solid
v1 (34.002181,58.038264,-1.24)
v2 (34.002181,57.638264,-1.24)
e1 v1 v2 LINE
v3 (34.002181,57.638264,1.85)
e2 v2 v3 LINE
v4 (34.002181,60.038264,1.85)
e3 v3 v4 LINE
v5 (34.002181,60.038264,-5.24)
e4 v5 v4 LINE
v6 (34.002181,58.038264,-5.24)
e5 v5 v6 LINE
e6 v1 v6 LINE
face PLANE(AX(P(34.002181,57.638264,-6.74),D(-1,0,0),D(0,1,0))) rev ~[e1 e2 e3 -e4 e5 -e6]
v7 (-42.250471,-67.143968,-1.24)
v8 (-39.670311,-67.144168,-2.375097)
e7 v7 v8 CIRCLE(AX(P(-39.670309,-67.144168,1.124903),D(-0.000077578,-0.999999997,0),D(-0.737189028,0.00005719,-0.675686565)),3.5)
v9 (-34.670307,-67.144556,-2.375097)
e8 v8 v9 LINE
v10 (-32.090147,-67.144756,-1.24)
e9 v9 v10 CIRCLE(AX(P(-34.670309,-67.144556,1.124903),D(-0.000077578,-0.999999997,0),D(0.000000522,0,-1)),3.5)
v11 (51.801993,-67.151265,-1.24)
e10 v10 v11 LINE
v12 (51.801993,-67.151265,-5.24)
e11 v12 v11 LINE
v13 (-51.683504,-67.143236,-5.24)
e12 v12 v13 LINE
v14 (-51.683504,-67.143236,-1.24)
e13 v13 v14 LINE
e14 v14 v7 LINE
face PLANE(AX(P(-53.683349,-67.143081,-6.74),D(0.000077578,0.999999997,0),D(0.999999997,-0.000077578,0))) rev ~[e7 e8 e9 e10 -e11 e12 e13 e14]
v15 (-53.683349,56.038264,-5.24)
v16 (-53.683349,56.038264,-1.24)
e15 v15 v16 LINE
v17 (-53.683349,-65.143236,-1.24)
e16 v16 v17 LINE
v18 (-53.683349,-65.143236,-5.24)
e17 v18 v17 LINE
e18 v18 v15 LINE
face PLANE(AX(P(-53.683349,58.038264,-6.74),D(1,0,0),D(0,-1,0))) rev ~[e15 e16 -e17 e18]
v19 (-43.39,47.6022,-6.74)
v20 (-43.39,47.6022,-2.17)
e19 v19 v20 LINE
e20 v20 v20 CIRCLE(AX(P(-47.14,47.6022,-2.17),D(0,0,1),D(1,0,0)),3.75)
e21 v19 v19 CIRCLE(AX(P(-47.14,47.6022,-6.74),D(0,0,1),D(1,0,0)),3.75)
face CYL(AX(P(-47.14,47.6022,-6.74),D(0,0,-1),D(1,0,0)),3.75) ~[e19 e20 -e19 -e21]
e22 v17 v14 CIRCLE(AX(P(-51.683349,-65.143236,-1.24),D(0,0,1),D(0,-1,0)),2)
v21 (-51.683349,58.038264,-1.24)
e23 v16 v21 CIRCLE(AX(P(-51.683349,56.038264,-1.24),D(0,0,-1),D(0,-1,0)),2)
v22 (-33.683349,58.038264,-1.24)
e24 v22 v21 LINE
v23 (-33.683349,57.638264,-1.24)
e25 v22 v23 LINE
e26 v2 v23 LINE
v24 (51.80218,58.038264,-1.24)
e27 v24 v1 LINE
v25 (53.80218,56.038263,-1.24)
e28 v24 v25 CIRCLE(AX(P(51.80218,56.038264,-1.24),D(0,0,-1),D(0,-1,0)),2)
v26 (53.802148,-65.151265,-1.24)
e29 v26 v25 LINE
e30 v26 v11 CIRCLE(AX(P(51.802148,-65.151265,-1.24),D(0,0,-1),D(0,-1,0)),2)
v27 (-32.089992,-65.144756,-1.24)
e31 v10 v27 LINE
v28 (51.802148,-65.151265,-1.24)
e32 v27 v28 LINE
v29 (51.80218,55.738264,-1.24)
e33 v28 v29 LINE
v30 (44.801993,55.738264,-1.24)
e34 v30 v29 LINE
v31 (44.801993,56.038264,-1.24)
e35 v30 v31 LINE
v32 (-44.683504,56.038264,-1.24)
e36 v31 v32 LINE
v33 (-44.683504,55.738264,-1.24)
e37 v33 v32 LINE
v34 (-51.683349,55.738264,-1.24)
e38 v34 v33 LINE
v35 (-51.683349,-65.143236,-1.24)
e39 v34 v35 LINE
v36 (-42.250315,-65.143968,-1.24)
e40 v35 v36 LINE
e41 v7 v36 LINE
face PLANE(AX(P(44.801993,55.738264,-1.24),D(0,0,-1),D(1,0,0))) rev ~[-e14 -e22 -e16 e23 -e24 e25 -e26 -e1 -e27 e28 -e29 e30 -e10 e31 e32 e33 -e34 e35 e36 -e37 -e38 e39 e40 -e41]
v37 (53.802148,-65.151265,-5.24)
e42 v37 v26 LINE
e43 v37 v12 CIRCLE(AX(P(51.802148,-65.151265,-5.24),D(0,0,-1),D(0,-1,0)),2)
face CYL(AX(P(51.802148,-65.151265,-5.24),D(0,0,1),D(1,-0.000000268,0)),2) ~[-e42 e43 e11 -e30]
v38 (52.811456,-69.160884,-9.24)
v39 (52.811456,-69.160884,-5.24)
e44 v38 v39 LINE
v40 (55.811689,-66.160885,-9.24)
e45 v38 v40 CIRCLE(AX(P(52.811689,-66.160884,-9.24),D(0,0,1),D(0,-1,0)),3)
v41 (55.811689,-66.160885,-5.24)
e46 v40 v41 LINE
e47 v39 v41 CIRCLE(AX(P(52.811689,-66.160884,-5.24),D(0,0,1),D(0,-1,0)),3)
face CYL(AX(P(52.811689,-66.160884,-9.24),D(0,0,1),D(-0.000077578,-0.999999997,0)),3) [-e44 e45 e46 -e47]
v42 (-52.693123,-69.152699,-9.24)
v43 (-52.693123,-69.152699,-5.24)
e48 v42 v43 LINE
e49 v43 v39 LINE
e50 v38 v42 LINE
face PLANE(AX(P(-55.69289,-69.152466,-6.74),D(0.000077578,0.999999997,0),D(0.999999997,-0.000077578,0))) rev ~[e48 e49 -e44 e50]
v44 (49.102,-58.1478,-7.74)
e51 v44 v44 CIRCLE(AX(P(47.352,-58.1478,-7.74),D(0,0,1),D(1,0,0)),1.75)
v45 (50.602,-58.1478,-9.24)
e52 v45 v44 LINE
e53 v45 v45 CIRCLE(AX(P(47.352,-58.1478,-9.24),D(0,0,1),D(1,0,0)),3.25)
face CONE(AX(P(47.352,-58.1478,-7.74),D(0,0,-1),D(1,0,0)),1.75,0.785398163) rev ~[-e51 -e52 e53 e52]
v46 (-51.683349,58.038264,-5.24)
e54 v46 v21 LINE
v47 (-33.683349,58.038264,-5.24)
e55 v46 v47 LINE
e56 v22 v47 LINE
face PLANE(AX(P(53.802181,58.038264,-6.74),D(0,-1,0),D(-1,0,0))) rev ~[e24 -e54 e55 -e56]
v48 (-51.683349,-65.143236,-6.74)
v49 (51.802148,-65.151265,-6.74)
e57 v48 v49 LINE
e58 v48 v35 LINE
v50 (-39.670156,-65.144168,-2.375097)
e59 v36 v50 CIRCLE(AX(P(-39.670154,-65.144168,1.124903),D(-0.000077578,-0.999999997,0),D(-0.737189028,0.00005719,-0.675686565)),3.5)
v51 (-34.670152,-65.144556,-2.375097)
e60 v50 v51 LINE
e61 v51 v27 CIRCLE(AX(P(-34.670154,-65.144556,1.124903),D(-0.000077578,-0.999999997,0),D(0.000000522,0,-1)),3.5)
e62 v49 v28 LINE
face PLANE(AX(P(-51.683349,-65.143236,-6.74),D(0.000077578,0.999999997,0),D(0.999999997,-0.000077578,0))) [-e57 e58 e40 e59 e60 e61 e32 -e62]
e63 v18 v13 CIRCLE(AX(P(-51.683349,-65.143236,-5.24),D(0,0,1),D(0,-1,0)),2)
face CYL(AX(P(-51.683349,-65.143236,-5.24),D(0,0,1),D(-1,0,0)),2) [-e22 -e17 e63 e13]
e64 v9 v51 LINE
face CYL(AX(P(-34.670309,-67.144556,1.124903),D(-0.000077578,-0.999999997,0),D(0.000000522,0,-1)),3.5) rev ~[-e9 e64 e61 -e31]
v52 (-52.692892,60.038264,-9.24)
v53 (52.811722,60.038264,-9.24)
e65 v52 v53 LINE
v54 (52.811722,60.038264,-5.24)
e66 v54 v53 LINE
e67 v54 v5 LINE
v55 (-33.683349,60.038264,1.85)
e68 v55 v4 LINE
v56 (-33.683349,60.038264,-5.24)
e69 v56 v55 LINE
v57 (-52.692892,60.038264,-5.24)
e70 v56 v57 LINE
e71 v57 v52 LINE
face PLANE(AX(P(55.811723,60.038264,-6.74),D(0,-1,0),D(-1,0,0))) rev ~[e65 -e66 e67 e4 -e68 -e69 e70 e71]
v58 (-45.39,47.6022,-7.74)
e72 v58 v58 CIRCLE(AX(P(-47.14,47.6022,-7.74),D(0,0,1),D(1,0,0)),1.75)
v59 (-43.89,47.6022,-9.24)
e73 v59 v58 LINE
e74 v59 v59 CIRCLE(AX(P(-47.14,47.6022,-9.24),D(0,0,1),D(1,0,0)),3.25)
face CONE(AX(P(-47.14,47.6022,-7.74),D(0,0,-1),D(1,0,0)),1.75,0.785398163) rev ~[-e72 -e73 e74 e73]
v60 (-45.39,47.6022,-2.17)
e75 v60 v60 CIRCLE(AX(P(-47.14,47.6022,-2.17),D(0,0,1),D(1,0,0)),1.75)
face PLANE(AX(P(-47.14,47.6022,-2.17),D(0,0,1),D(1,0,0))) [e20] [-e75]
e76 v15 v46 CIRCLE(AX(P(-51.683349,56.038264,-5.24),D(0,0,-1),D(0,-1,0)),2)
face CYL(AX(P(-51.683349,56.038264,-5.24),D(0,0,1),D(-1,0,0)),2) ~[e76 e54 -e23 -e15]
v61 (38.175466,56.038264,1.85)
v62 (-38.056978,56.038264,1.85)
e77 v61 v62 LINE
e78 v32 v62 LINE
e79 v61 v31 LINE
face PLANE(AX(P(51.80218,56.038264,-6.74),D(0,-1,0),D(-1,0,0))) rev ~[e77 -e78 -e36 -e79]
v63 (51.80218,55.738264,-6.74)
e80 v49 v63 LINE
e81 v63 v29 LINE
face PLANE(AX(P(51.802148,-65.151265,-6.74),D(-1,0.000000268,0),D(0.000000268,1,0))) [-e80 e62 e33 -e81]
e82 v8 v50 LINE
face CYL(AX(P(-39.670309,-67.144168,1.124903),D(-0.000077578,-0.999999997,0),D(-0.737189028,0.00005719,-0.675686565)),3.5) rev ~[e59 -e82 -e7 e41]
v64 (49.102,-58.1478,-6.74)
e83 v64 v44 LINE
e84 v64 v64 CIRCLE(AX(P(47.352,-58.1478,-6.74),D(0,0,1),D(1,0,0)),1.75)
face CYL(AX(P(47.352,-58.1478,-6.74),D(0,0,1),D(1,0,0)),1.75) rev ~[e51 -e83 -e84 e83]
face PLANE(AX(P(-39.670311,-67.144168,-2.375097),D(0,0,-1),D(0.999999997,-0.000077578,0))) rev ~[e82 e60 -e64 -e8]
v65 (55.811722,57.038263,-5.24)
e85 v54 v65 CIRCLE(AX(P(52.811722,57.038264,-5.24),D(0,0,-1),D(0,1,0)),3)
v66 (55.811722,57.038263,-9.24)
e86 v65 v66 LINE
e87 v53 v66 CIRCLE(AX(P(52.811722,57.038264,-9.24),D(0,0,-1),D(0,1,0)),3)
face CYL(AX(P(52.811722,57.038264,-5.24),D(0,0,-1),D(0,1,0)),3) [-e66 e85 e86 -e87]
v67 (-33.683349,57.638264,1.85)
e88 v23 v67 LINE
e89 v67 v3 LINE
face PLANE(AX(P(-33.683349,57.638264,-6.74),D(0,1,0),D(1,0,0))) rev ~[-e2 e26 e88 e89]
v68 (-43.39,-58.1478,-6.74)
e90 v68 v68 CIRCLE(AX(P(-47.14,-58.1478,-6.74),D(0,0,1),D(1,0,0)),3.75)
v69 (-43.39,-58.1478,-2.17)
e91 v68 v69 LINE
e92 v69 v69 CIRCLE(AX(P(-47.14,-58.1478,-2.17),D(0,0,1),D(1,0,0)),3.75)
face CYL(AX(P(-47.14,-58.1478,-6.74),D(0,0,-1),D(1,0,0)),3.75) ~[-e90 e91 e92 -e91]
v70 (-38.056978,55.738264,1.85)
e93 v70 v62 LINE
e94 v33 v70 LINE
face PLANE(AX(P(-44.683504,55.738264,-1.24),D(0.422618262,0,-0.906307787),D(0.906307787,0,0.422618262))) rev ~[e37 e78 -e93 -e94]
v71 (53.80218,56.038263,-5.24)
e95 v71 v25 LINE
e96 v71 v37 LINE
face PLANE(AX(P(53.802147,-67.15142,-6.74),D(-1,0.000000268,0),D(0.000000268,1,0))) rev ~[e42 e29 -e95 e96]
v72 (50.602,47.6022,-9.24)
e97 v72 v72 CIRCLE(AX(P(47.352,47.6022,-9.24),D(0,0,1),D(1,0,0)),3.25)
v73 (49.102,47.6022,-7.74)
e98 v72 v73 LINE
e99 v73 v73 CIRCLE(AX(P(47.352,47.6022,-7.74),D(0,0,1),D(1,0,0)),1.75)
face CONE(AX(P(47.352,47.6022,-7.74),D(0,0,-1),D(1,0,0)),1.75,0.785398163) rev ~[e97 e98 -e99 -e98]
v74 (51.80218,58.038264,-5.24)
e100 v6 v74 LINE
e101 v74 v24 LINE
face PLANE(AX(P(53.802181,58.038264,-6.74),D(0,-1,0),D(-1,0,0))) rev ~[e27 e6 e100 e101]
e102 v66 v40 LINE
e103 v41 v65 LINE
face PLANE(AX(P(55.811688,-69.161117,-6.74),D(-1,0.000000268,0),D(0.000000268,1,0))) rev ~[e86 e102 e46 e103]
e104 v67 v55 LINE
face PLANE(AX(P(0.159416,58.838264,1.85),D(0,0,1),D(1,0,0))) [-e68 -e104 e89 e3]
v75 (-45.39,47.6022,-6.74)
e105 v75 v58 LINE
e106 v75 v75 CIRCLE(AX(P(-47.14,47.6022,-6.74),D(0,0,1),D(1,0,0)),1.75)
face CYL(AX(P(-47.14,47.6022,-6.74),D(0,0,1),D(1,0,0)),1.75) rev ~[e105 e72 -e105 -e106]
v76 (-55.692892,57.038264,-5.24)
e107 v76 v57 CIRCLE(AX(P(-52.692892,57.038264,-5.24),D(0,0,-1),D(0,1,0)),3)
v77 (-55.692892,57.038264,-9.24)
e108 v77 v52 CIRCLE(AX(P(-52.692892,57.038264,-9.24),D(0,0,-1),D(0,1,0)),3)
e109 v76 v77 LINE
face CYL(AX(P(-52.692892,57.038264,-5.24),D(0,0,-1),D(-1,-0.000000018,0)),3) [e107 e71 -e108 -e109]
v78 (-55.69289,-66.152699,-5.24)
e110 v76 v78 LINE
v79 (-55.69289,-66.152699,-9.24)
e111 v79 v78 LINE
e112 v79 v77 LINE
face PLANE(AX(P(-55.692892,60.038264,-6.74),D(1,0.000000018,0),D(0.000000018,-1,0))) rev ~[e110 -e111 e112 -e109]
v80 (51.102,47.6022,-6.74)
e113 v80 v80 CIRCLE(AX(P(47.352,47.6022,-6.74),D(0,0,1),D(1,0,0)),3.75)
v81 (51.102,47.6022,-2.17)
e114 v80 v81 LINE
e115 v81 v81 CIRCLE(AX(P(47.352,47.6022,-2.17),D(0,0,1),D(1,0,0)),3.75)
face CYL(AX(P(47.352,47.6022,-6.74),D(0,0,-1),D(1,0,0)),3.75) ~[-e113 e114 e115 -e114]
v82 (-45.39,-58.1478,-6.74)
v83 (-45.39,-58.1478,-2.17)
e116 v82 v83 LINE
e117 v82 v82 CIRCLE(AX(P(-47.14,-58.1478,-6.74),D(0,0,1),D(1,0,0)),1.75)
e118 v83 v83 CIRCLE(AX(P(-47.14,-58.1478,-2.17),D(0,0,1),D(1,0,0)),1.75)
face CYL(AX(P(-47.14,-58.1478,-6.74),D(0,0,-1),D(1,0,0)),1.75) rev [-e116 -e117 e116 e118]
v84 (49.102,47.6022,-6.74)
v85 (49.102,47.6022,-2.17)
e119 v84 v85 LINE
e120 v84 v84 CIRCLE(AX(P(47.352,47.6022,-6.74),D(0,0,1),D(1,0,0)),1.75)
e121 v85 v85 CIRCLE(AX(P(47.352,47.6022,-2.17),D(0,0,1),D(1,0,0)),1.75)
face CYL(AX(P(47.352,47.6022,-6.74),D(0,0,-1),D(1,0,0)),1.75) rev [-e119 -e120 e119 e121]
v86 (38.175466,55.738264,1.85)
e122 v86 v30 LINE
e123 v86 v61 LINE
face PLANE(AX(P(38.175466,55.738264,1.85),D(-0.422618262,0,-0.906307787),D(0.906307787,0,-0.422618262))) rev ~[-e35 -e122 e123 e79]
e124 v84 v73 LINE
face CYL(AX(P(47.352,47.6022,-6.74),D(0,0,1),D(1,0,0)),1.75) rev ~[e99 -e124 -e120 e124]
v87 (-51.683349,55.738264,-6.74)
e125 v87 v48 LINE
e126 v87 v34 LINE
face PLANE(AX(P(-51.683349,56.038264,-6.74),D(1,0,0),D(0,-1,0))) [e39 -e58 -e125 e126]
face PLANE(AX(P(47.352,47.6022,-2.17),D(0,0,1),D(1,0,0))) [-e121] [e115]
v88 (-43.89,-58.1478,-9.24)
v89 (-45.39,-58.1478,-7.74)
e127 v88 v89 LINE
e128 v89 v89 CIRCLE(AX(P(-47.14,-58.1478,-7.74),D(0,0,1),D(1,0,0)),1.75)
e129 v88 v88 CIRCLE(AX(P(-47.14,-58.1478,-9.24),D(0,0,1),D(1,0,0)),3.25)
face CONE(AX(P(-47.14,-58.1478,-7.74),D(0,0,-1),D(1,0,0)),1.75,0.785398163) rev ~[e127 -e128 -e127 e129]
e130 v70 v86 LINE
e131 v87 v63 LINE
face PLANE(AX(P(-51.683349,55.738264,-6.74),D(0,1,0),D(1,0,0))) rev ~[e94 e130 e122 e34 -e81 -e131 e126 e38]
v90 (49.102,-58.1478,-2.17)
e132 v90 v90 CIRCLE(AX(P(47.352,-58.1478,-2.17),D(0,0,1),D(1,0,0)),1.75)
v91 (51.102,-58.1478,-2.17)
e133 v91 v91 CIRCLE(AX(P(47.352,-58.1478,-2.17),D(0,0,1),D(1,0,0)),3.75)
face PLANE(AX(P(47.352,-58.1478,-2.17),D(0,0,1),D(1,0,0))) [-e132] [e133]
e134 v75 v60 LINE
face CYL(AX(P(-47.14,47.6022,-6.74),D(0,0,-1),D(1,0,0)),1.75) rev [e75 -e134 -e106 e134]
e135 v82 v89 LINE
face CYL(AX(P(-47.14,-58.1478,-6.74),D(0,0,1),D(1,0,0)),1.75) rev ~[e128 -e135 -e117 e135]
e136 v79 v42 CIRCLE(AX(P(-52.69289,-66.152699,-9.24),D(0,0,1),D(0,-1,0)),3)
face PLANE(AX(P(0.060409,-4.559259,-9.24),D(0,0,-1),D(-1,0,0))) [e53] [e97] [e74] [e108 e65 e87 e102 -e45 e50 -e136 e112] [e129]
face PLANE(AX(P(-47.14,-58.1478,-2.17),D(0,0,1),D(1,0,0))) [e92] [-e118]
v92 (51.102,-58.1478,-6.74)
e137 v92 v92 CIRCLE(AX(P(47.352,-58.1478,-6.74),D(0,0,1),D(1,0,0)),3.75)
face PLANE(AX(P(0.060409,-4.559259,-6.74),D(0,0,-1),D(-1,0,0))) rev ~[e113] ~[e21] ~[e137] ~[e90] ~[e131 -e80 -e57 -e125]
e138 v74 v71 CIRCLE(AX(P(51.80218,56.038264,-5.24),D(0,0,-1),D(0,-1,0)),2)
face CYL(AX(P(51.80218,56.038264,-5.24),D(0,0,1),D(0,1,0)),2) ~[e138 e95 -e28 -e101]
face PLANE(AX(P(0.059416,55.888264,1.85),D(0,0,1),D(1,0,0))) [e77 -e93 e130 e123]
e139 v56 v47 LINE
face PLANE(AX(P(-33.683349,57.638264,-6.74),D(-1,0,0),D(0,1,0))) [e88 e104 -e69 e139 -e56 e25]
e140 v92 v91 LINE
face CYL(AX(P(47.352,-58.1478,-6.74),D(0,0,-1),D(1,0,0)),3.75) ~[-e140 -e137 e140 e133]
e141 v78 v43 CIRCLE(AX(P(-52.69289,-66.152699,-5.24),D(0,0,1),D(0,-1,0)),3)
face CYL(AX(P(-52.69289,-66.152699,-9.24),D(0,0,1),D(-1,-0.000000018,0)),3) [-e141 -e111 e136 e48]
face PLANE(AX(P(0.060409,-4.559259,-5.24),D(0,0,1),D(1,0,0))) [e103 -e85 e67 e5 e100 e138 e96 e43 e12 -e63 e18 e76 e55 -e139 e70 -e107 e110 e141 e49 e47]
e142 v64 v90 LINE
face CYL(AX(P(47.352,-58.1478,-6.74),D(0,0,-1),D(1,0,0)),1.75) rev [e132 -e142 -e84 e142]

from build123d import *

# Parameters (mm, degrees)
DODANIE_WYCI_GNI_CIE1_DEPTH      = 0.5
DODANIE_WYCI_GNI_CIE1_DEPTH_BACK = 2
DODANIE_WYCI_GNI_CIE2_DEPTH      = 5.5
DODANIE_WYCI_GNI_CIE3_DEPTH      = 1.5
ZAOKR_GLENIE1_R                  = 2
SZKIC6_W                         = 67.685530181
SZKIC6_H                         = 2.4
DODANIE_WYCI_GNI_CIE4_DEPTH      = 8.59
DODANIE_WYCI_GNI_CIE5_DEPTH      = 8.59
WYTNIJ_WYCI_GNI_CIE1_DEPTH       = 5.5
SZKIC13_R                        = 3.75
SZKIC13_R_2                      = 1.75
DODANIE_WYCI_GNI_CIE7_DEPTH      = 4.57
SZKIC13_3_R                      = 1.75
WYTNIJ_WYCI_GNI_CIE2_DEPTH       = 90.286037732
WYTNIJ_WYCI_GNI_CIE3_DEPTH       = 2
SFAZOWANIE1_SIZE                 = 1.5
ZAOKR_GLENIE2_R                  = 3


with BuildPart() as part:
    # Szkic3 → Dodanie-wyciągnięcie1 (new, two sides: drawn at the far end of the back side and taken through both)
    with BuildSketch(Plane(origin=(0, 0, -8.74), x_dir=(-1, 0, 0), z_dir=(0, 0, -1)).offset(-DODANIE_WYCI_GNI_CIE1_DEPTH_BACK)):
        Polygon((55.692889856, -69.15246634), (55.692892168, 60.038263946), (-55.811722529, 60.038263946), (-55.811687853, -69.161116694), align=None)
    extrude(amount=DODANIE_WYCI_GNI_CIE1_DEPTH + DODANIE_WYCI_GNI_CIE1_DEPTH_BACK)

    # Szkic4 → Dodanie-wyciągnięcie2 (add)
    with BuildSketch(Plane.XY.offset(-6.74)):
        Polygon((53.802147291, -67.151419689), (53.80218089, 58.038263946), (-53.683348754, 58.038263946), (-53.683348754, -67.143081129), align=None)
        Polygon((51.802147827, -65.151264526), (51.802180354, 56.038263946), (-51.683348754, 56.038263946), (-51.683348754, -65.14323628), align=None, mode=Mode.SUBTRACT)
    extrude(amount=DODANIE_WYCI_GNI_CIE2_DEPTH)

    # Szkic4<3> → Dodanie-wyciągnięcie3 (add)
    with BuildSketch(Plane.XY.offset(-6.74)):
        Polygon((-55.692892168, 60.038263946), (-55.692889856, -69.15246634), (55.811687853, -69.161116694), (55.811722529, 60.038263946), align=None)
        Polygon((-53.683348754, -67.143081129), (-53.683348754, 58.038263946), (53.80218089, 58.038263946), (53.802147291, -67.151419689), align=None, mode=Mode.SUBTRACT)
    extrude(amount=DODANIE_WYCI_GNI_CIE3_DEPTH)

    # Zaokrąglenie1
    zaokr_glenie1_edges = [part.edges().sort_by_distance(p)[0] for p in [
        (53.80218089, 58.038263946, -3.24),
        (-53.683348754, 58.038263946, -3.24),
        (-53.683348754, -67.143081129, -3.24),
        (53.802147291, -67.151419689, -3.24),
    ]]
    fillet(zaokr_glenie1_edges, radius=ZAOKR_GLENIE1_R)

    # Szkic6 → Dodanie-wyciągnięcie4 (add)
    with BuildSketch(Plane.XY.offset(-6.74)):
        with Locations((0.159416337, 58.838263946)):
            Rectangle(SZKIC6_W, SZKIC6_H)
    extrude(amount=DODANIE_WYCI_GNI_CIE4_DEPTH)

    # Szkic7 → Dodanie-wyciągnięcie5 (add)
    with BuildSketch(Plane.XY.offset(-6.74)):
        Polygon((-51.683348754, 55.738263946), (51.802180273, 55.738263946), (51.802180354, 56.038263946), (-51.683348754, 56.038263946), align=None)
    extrude(amount=DODANIE_WYCI_GNI_CIE5_DEPTH)

    # Szkic9 → Wytnij-wyciągnięcie1 (cut)
    with BuildSketch(Plane.XZ.offset(-55.738263946)):
        Polygon((51.802180273, 1.85), (38.175466286, 1.85), (44.80199267, -1.24), (51.80199267, -1.24), (51.802180273, -1.24), align=None)
        Polygon((-38.056977527, 1.85), (-51.683348754, 1.85), (-51.683348754, -1.24), (-44.683503911, -1.24), align=None)
    extrude(amount=-WYTNIJ_WYCI_GNI_CIE1_DEPTH, mode=Mode.SUBTRACT)

    # Szkic13 → Dodanie-wyciągnięcie7 (add)
    # profile 1 of 4: a face of its own
    with BuildSketch(Plane.XY.offset(-6.74)):
        with Locations((-47.14, 47.6022)):
            Circle(SZKIC13_R)
        with Locations((-47.14, 47.6022)):
            Circle(SZKIC13_R_2, mode=Mode.SUBTRACT)
    # profile 2 of 4: a face of its own
    with BuildSketch(Plane.XY.offset(-6.74)):
        with Locations((47.352, 47.6022)):
            Circle(SZKIC13_R)
        with Locations((47.352, 47.6022)):
            Circle(SZKIC13_R_2, mode=Mode.SUBTRACT)
    # profile 3 of 4: a face of its own
    with BuildSketch(Plane.XY.offset(-6.74)):
        with Locations((-47.14, -58.1478)):
            Circle(SZKIC13_R)
        with Locations((-47.14, -58.1478)):
            Circle(SZKIC13_R_2, mode=Mode.SUBTRACT)
    # profile 4 of 4: a face of its own
    with BuildSketch(Plane.XY.offset(-6.74)):
        with Locations((47.352, -58.1478)):
            Circle(SZKIC13_R)
        with Locations((47.352, -58.1478)):
            Circle(SZKIC13_R_2, mode=Mode.SUBTRACT)
    extrude(amount=DODANIE_WYCI_GNI_CIE7_DEPTH)

    # Szkic13<3> → Wytnij-wyciągnięcie2 (cut, through all)
    with BuildSketch(Plane.XY.offset(-6.74)):
        with Locations((-47.14, -58.1478)):
            Circle(SZKIC13_3_R)
        with Locations((-47.14, 47.6022)):
            Circle(SZKIC13_3_R)
        with Locations((47.352, 47.6022)):
            Circle(SZKIC13_3_R)
        with Locations((47.352, -58.1478)):
            Circle(SZKIC13_3_R)
    extrude(amount=-WYTNIJ_WYCI_GNI_CIE2_DEPTH, mode=Mode.SUBTRACT)

    # Szkic18 → Wytnij-wyciągnięcie3 (cut)
    with BuildSketch(Plane(origin=(-0.00520918, -67.147245397, 0), x_dir=(0.999999996990791, -7.757846392237927e-05, 0), z_dir=(-7.757846392237927e-05, -0.999999996990791, 0))):
        with BuildLine():
            ThreePointArc((-42.245261471, -1.24), (-41.074504923, -2.078778872), (-39.665102055, -2.375097025))
            Line((-39.665102055, -2.375097025), (-34.665098037, -2.375097025))
            ThreePointArc((-34.665098037, -2.375097025), (-33.255694971, -2.078778946), (-32.084938256, -1.24))
            Line((-32.084938256, -1.24), (-42.245261471, -1.24))
        make_face()
    extrude(amount=-WYTNIJ_WYCI_GNI_CIE3_DEPTH, mode=Mode.SUBTRACT)

    # Sfazowanie1
    sfazowanie1_edges = [part.edges().sort_by_distance(p)[0] for p in [
        (45.602, -58.1478, -9.24),
        (45.602, 47.6022, -9.24),
        (-48.89, 47.6022, -9.24),
        (-48.89, -58.1478, -9.24),
    ]]
    chamfer(sfazowanie1_edges, length=SFAZOWANIE1_SIZE)

    # Zaokrąglenie2
    zaokr_glenie2_edges = [part.edges().sort_by_distance(p)[0] for p in [
        (55.811687853, -69.161116694, -7.24),
        (55.811722529, 60.038263946, -7.24),
        (-55.692892168, 60.038263946, -7.24),
        (-55.692889856, -69.15246634, -7.24),
    ]]
    fillet(zaokr_glenie2_edges, radius=ZAOKR_GLENIE2_R)


solid = part.part
